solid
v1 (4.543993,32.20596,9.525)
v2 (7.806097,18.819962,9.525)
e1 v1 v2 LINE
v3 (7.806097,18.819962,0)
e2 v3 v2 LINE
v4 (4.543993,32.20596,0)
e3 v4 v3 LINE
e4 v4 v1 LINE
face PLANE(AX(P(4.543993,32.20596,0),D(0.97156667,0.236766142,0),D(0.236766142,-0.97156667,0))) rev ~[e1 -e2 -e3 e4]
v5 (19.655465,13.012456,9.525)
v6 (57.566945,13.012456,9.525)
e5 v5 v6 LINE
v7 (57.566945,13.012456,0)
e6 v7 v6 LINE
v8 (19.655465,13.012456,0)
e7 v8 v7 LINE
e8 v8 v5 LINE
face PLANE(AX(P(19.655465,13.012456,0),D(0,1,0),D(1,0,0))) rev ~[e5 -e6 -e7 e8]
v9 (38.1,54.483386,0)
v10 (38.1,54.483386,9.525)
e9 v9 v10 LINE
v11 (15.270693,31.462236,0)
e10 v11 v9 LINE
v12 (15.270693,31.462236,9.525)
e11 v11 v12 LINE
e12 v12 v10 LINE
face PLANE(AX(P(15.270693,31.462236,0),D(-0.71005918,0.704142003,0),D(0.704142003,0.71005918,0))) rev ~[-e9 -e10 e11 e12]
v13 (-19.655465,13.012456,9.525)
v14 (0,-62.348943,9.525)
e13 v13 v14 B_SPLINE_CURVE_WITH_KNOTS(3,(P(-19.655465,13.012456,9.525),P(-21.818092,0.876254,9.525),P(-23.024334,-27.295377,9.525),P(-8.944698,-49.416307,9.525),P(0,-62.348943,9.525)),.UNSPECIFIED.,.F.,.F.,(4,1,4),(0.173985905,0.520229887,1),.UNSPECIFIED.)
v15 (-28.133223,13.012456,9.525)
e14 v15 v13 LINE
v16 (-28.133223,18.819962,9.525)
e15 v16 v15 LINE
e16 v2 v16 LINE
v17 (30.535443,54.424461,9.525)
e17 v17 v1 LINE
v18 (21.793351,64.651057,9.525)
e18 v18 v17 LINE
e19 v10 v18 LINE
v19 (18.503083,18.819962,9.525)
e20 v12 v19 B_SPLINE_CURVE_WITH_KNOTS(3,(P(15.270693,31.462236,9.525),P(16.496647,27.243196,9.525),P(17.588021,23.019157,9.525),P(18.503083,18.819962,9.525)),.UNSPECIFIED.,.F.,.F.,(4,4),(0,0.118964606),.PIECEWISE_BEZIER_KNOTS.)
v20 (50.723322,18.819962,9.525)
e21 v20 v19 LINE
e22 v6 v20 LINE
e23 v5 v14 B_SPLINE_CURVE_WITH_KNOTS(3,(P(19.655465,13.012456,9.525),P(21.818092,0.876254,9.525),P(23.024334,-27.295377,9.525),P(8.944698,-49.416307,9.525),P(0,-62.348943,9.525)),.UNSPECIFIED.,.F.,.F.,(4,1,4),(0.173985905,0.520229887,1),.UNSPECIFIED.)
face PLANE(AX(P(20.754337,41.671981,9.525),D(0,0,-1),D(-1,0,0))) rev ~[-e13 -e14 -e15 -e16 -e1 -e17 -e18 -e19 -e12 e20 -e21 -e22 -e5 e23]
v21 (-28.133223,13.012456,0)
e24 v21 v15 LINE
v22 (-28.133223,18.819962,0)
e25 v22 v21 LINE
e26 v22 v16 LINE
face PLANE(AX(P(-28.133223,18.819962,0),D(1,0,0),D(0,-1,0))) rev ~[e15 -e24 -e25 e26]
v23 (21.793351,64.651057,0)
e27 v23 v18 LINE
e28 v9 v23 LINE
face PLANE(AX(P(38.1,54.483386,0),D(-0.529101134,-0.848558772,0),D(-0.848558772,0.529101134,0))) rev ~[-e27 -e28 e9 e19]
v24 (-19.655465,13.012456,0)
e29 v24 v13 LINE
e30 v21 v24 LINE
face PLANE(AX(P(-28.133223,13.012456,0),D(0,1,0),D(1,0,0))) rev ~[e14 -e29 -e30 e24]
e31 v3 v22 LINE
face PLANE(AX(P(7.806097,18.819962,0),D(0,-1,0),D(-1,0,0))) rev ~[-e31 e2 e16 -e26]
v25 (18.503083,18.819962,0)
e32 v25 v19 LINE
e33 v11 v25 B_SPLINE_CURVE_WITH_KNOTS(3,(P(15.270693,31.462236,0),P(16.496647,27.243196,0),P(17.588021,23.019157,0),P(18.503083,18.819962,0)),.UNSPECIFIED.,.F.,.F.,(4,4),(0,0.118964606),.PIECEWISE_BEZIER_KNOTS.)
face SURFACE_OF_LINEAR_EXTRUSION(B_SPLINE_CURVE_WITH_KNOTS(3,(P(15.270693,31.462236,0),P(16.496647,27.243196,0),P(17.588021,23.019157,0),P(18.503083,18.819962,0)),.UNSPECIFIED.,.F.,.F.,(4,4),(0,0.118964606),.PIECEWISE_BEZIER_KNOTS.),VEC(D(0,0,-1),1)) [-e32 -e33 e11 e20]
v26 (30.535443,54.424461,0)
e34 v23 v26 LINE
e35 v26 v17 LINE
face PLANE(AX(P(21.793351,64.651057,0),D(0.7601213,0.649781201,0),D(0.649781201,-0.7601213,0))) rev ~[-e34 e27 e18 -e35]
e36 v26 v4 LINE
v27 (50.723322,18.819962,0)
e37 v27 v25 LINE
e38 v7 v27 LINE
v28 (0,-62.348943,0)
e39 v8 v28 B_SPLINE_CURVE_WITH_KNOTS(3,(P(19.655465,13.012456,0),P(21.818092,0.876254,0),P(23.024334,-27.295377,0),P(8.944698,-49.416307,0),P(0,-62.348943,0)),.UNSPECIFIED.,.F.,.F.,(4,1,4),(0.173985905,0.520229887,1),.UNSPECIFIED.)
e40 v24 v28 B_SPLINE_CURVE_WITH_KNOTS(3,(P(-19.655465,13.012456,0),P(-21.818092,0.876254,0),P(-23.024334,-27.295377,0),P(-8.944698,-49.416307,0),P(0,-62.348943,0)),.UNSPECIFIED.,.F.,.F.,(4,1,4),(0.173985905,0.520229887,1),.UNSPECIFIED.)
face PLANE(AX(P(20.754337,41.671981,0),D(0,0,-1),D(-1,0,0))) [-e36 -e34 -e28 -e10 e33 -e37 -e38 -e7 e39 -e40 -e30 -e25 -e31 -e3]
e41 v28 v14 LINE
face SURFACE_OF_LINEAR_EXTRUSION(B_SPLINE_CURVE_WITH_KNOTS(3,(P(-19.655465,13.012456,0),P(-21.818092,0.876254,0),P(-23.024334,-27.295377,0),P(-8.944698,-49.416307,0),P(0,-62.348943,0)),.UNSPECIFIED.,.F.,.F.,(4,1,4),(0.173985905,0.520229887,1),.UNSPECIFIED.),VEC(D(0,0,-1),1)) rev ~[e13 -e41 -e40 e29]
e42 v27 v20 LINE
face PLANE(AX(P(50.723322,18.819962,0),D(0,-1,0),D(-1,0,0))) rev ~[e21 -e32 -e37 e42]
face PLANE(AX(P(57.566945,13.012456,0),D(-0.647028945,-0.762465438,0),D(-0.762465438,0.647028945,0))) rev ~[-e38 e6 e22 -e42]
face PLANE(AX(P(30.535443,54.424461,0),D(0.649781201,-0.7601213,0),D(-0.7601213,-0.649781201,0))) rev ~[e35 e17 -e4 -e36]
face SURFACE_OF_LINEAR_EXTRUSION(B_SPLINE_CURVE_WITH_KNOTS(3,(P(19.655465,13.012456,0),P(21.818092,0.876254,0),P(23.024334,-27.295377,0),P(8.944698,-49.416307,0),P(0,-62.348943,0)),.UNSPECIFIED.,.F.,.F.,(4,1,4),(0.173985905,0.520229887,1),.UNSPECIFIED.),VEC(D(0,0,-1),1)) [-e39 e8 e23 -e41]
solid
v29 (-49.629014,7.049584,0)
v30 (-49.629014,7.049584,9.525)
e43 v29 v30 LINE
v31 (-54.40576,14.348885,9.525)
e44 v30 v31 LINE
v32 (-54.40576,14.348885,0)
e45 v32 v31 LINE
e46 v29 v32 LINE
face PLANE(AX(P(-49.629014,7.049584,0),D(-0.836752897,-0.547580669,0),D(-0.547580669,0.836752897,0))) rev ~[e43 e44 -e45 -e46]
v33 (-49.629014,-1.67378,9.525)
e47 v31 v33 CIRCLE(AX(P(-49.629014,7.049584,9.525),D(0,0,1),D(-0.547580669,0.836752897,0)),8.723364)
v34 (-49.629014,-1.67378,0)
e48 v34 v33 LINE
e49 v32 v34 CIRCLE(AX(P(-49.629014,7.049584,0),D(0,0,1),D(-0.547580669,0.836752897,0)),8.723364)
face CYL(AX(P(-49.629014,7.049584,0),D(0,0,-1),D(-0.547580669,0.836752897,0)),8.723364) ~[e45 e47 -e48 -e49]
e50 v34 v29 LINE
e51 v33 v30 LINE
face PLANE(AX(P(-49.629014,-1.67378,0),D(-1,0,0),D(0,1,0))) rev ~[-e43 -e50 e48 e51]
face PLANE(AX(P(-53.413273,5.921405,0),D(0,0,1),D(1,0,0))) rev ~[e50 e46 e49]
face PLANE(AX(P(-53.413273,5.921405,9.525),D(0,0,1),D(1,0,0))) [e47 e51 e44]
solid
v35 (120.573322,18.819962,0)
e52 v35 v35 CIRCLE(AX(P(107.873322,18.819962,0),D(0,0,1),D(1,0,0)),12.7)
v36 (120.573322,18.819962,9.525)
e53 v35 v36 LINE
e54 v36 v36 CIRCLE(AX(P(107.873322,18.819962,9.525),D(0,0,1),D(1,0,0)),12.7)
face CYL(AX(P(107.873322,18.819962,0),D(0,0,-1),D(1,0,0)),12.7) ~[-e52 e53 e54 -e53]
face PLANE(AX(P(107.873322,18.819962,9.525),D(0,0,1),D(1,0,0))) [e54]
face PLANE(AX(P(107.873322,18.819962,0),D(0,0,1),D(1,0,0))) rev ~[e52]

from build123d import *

# Parameters (mm, degrees)
F1_DEPTH = 9.525
F0_R     = 12.7


with BuildPart() as f1:
    # F0 (on Top) → F1 (new body)
    with BuildSketch(Plane.XY):
        with BuildLine():
            add(Edge.make_bspline(
                [(15.2706934092, 31.4622362133), (16.4966470738, 27.2431960745), (17.5880205026, 23.0191566811), (18.5030831742, 18.8199616969)],
                knots=[0, 0, 0, 0, 0.1189646058, 0.1189646058, 0.1189646058, 0.1189646058], degree=3))
            Line((15.2706934092, 31.4622362133), (38.1, 54.4833862709))
            Line((38.1, 54.4833862709), (21.7933514928, 64.6510570317))
            Line((21.7933514928, 64.6510570317), (30.5354431679, 54.4244606295))
            Line((30.5354431679, 54.4244606295), (4.5439931576, 32.2059599844))
            Line((4.5439931576, 32.2059599844), (7.8060968021, 18.8199616969))
            Line((7.8060968021, 18.8199616969), (18.5030831742, 18.8199616969))
        make_face()
        with BuildLine():
            Line((50.7233217359, 18.8199616969), (18.5030831742, 18.8199616969))
            add(Edge.make_bspline(
                [(18.5030831742, 18.8199616969), (18.9263009616, 16.8778280429), (19.311804544, 14.9410087961), (19.6554654145, 13.0124564661)],
                knots=[0.1189646058, 0.1189646058, 0.1189646058, 0.1189646058, 0.1739859052, 0.1739859052, 0.1739859052, 0.1739859052], degree=3))
            Line((19.6554654145, 13.0124564661), (57.5669445097, 13.0124564661))
            Line((57.5669445097, 13.0124564661), (50.7233217359, 18.8199616969))
        make_face()
        with BuildLine():
            add(Edge.make_bspline(
                [(18.5030831742, 18.8199616969), (18.9263009616, 16.8778280429), (19.311804544, 14.9410087961), (19.6554654145, 13.0124564661)],
                knots=[0.1189646058, 0.1189646058, 0.1189646058, 0.1189646058, 0.1739859052, 0.1739859052, 0.1739859052, 0.1739859052], degree=3))
            Line((18.5030831742, 18.8199616969), (7.8060968021, 18.8199616969))
            Line((7.8060968021, 18.8199616969), (-7.8060968021, 18.8199616969))
            Line((-7.8060968021, 18.8199616969), (-18.5030831742, 18.8199616969))
            add(Edge.make_bspline(
                [(-18.5030831742, 18.8199616969), (-18.9263009616, 16.8778280429), (-19.311804544, 14.9410087961), (-19.6554654145, 13.0124564661)],
                knots=[0.1189646058, 0.1189646058, 0.1189646058, 0.1189646058, 0.1739859052, 0.1739859052, 0.1739859052, 0.1739859052], degree=3))
            Line((-19.6554654145, 13.0124564661), (-9.2213580005, 13.0124564661))
            Line((-9.2213580005, 13.0124564661), (9.2213580005, 13.0124564661))
            Line((9.2213580005, 13.0124564661), (19.6554654145, 13.0124564661))
        make_face()
        with BuildLine():
            add(Edge.make_bspline(
                [(19.6554654145, 13.0124564661), (21.8180916964, 0.8762538526), (23.0243339677, -27.2953766692), (8.9446977687, -49.4163074898), (0, -62.3489429683)],
                knots=[0.1739859052, 0.1739859052, 0.1739859052, 0.1739859052, 0.520229887, 1, 1, 1, 1], degree=3))
            Line((19.6554654145, 13.0124564661), (9.2213580005, 13.0124564661))
            Line((9.2213580005, 13.0124564661), (-9.2213580005, 13.0124564661))
            Line((-9.2213580005, 13.0124564661), (-19.6554654145, 13.0124564661))
            add(Edge.make_bspline(
                [(-19.6554654145, 13.0124564661), (-21.8180916964, 0.8762538526), (-23.0243339677, -27.2953766692), (-8.9446977687, -49.4163074898), (0, -62.3489429683)],
                knots=[0.1739859052, 0.1739859052, 0.1739859052, 0.1739859052, 0.520229887, 1, 1, 1, 1], degree=3))
        make_face()
        with BuildLine():
            Line((-28.1332228333, 13.0124564661), (-19.6554654145, 13.0124564661))
            add(Edge.make_bspline(
                [(-18.5030831742, 18.8199616969), (-18.9263009616, 16.8778280429), (-19.311804544, 14.9410087961), (-19.6554654145, 13.0124564661)],
                knots=[0.1189646058, 0.1189646058, 0.1189646058, 0.1189646058, 0.1739859052, 0.1739859052, 0.1739859052, 0.1739859052], degree=3))
            Line((-18.5030831742, 18.8199616969), (-28.1332228333, 18.8199616969))
            Line((-28.1332228333, 18.8199616969), (-28.1332228333, 13.0124564661))
        make_face()
    extrude(amount=F1_DEPTH)


with BuildPart() as f1b:
    # F0 (on Top) → F1, piece 2 (new body)
    with BuildSketch(Plane.XY):
        with BuildLine():
            Line((-49.6290139854, 7.0495842956), (-54.4057596778, 14.3488846976))
            ThreePointArc((-54.4057596778, 14.3488846976), (-57.9887849976, 4.557333427), (-49.6290139854, -1.673780065))
            Line((-49.6290139854, -1.673780065), (-49.6290139854, 7.0495842956))
        make_face()
    extrude(amount=F1_DEPTH)


with BuildPart() as f1c:
    # F0 (on Top) → F1, piece 3 (new body)
    with BuildSketch(Plane.XY):
        with Locations((107.8733217359, 18.8199616969)):
            Circle(F0_R)
    extrude(amount=F1_DEPTH)


solid = Compound([f1.part, f1b.part, f1c.part])
